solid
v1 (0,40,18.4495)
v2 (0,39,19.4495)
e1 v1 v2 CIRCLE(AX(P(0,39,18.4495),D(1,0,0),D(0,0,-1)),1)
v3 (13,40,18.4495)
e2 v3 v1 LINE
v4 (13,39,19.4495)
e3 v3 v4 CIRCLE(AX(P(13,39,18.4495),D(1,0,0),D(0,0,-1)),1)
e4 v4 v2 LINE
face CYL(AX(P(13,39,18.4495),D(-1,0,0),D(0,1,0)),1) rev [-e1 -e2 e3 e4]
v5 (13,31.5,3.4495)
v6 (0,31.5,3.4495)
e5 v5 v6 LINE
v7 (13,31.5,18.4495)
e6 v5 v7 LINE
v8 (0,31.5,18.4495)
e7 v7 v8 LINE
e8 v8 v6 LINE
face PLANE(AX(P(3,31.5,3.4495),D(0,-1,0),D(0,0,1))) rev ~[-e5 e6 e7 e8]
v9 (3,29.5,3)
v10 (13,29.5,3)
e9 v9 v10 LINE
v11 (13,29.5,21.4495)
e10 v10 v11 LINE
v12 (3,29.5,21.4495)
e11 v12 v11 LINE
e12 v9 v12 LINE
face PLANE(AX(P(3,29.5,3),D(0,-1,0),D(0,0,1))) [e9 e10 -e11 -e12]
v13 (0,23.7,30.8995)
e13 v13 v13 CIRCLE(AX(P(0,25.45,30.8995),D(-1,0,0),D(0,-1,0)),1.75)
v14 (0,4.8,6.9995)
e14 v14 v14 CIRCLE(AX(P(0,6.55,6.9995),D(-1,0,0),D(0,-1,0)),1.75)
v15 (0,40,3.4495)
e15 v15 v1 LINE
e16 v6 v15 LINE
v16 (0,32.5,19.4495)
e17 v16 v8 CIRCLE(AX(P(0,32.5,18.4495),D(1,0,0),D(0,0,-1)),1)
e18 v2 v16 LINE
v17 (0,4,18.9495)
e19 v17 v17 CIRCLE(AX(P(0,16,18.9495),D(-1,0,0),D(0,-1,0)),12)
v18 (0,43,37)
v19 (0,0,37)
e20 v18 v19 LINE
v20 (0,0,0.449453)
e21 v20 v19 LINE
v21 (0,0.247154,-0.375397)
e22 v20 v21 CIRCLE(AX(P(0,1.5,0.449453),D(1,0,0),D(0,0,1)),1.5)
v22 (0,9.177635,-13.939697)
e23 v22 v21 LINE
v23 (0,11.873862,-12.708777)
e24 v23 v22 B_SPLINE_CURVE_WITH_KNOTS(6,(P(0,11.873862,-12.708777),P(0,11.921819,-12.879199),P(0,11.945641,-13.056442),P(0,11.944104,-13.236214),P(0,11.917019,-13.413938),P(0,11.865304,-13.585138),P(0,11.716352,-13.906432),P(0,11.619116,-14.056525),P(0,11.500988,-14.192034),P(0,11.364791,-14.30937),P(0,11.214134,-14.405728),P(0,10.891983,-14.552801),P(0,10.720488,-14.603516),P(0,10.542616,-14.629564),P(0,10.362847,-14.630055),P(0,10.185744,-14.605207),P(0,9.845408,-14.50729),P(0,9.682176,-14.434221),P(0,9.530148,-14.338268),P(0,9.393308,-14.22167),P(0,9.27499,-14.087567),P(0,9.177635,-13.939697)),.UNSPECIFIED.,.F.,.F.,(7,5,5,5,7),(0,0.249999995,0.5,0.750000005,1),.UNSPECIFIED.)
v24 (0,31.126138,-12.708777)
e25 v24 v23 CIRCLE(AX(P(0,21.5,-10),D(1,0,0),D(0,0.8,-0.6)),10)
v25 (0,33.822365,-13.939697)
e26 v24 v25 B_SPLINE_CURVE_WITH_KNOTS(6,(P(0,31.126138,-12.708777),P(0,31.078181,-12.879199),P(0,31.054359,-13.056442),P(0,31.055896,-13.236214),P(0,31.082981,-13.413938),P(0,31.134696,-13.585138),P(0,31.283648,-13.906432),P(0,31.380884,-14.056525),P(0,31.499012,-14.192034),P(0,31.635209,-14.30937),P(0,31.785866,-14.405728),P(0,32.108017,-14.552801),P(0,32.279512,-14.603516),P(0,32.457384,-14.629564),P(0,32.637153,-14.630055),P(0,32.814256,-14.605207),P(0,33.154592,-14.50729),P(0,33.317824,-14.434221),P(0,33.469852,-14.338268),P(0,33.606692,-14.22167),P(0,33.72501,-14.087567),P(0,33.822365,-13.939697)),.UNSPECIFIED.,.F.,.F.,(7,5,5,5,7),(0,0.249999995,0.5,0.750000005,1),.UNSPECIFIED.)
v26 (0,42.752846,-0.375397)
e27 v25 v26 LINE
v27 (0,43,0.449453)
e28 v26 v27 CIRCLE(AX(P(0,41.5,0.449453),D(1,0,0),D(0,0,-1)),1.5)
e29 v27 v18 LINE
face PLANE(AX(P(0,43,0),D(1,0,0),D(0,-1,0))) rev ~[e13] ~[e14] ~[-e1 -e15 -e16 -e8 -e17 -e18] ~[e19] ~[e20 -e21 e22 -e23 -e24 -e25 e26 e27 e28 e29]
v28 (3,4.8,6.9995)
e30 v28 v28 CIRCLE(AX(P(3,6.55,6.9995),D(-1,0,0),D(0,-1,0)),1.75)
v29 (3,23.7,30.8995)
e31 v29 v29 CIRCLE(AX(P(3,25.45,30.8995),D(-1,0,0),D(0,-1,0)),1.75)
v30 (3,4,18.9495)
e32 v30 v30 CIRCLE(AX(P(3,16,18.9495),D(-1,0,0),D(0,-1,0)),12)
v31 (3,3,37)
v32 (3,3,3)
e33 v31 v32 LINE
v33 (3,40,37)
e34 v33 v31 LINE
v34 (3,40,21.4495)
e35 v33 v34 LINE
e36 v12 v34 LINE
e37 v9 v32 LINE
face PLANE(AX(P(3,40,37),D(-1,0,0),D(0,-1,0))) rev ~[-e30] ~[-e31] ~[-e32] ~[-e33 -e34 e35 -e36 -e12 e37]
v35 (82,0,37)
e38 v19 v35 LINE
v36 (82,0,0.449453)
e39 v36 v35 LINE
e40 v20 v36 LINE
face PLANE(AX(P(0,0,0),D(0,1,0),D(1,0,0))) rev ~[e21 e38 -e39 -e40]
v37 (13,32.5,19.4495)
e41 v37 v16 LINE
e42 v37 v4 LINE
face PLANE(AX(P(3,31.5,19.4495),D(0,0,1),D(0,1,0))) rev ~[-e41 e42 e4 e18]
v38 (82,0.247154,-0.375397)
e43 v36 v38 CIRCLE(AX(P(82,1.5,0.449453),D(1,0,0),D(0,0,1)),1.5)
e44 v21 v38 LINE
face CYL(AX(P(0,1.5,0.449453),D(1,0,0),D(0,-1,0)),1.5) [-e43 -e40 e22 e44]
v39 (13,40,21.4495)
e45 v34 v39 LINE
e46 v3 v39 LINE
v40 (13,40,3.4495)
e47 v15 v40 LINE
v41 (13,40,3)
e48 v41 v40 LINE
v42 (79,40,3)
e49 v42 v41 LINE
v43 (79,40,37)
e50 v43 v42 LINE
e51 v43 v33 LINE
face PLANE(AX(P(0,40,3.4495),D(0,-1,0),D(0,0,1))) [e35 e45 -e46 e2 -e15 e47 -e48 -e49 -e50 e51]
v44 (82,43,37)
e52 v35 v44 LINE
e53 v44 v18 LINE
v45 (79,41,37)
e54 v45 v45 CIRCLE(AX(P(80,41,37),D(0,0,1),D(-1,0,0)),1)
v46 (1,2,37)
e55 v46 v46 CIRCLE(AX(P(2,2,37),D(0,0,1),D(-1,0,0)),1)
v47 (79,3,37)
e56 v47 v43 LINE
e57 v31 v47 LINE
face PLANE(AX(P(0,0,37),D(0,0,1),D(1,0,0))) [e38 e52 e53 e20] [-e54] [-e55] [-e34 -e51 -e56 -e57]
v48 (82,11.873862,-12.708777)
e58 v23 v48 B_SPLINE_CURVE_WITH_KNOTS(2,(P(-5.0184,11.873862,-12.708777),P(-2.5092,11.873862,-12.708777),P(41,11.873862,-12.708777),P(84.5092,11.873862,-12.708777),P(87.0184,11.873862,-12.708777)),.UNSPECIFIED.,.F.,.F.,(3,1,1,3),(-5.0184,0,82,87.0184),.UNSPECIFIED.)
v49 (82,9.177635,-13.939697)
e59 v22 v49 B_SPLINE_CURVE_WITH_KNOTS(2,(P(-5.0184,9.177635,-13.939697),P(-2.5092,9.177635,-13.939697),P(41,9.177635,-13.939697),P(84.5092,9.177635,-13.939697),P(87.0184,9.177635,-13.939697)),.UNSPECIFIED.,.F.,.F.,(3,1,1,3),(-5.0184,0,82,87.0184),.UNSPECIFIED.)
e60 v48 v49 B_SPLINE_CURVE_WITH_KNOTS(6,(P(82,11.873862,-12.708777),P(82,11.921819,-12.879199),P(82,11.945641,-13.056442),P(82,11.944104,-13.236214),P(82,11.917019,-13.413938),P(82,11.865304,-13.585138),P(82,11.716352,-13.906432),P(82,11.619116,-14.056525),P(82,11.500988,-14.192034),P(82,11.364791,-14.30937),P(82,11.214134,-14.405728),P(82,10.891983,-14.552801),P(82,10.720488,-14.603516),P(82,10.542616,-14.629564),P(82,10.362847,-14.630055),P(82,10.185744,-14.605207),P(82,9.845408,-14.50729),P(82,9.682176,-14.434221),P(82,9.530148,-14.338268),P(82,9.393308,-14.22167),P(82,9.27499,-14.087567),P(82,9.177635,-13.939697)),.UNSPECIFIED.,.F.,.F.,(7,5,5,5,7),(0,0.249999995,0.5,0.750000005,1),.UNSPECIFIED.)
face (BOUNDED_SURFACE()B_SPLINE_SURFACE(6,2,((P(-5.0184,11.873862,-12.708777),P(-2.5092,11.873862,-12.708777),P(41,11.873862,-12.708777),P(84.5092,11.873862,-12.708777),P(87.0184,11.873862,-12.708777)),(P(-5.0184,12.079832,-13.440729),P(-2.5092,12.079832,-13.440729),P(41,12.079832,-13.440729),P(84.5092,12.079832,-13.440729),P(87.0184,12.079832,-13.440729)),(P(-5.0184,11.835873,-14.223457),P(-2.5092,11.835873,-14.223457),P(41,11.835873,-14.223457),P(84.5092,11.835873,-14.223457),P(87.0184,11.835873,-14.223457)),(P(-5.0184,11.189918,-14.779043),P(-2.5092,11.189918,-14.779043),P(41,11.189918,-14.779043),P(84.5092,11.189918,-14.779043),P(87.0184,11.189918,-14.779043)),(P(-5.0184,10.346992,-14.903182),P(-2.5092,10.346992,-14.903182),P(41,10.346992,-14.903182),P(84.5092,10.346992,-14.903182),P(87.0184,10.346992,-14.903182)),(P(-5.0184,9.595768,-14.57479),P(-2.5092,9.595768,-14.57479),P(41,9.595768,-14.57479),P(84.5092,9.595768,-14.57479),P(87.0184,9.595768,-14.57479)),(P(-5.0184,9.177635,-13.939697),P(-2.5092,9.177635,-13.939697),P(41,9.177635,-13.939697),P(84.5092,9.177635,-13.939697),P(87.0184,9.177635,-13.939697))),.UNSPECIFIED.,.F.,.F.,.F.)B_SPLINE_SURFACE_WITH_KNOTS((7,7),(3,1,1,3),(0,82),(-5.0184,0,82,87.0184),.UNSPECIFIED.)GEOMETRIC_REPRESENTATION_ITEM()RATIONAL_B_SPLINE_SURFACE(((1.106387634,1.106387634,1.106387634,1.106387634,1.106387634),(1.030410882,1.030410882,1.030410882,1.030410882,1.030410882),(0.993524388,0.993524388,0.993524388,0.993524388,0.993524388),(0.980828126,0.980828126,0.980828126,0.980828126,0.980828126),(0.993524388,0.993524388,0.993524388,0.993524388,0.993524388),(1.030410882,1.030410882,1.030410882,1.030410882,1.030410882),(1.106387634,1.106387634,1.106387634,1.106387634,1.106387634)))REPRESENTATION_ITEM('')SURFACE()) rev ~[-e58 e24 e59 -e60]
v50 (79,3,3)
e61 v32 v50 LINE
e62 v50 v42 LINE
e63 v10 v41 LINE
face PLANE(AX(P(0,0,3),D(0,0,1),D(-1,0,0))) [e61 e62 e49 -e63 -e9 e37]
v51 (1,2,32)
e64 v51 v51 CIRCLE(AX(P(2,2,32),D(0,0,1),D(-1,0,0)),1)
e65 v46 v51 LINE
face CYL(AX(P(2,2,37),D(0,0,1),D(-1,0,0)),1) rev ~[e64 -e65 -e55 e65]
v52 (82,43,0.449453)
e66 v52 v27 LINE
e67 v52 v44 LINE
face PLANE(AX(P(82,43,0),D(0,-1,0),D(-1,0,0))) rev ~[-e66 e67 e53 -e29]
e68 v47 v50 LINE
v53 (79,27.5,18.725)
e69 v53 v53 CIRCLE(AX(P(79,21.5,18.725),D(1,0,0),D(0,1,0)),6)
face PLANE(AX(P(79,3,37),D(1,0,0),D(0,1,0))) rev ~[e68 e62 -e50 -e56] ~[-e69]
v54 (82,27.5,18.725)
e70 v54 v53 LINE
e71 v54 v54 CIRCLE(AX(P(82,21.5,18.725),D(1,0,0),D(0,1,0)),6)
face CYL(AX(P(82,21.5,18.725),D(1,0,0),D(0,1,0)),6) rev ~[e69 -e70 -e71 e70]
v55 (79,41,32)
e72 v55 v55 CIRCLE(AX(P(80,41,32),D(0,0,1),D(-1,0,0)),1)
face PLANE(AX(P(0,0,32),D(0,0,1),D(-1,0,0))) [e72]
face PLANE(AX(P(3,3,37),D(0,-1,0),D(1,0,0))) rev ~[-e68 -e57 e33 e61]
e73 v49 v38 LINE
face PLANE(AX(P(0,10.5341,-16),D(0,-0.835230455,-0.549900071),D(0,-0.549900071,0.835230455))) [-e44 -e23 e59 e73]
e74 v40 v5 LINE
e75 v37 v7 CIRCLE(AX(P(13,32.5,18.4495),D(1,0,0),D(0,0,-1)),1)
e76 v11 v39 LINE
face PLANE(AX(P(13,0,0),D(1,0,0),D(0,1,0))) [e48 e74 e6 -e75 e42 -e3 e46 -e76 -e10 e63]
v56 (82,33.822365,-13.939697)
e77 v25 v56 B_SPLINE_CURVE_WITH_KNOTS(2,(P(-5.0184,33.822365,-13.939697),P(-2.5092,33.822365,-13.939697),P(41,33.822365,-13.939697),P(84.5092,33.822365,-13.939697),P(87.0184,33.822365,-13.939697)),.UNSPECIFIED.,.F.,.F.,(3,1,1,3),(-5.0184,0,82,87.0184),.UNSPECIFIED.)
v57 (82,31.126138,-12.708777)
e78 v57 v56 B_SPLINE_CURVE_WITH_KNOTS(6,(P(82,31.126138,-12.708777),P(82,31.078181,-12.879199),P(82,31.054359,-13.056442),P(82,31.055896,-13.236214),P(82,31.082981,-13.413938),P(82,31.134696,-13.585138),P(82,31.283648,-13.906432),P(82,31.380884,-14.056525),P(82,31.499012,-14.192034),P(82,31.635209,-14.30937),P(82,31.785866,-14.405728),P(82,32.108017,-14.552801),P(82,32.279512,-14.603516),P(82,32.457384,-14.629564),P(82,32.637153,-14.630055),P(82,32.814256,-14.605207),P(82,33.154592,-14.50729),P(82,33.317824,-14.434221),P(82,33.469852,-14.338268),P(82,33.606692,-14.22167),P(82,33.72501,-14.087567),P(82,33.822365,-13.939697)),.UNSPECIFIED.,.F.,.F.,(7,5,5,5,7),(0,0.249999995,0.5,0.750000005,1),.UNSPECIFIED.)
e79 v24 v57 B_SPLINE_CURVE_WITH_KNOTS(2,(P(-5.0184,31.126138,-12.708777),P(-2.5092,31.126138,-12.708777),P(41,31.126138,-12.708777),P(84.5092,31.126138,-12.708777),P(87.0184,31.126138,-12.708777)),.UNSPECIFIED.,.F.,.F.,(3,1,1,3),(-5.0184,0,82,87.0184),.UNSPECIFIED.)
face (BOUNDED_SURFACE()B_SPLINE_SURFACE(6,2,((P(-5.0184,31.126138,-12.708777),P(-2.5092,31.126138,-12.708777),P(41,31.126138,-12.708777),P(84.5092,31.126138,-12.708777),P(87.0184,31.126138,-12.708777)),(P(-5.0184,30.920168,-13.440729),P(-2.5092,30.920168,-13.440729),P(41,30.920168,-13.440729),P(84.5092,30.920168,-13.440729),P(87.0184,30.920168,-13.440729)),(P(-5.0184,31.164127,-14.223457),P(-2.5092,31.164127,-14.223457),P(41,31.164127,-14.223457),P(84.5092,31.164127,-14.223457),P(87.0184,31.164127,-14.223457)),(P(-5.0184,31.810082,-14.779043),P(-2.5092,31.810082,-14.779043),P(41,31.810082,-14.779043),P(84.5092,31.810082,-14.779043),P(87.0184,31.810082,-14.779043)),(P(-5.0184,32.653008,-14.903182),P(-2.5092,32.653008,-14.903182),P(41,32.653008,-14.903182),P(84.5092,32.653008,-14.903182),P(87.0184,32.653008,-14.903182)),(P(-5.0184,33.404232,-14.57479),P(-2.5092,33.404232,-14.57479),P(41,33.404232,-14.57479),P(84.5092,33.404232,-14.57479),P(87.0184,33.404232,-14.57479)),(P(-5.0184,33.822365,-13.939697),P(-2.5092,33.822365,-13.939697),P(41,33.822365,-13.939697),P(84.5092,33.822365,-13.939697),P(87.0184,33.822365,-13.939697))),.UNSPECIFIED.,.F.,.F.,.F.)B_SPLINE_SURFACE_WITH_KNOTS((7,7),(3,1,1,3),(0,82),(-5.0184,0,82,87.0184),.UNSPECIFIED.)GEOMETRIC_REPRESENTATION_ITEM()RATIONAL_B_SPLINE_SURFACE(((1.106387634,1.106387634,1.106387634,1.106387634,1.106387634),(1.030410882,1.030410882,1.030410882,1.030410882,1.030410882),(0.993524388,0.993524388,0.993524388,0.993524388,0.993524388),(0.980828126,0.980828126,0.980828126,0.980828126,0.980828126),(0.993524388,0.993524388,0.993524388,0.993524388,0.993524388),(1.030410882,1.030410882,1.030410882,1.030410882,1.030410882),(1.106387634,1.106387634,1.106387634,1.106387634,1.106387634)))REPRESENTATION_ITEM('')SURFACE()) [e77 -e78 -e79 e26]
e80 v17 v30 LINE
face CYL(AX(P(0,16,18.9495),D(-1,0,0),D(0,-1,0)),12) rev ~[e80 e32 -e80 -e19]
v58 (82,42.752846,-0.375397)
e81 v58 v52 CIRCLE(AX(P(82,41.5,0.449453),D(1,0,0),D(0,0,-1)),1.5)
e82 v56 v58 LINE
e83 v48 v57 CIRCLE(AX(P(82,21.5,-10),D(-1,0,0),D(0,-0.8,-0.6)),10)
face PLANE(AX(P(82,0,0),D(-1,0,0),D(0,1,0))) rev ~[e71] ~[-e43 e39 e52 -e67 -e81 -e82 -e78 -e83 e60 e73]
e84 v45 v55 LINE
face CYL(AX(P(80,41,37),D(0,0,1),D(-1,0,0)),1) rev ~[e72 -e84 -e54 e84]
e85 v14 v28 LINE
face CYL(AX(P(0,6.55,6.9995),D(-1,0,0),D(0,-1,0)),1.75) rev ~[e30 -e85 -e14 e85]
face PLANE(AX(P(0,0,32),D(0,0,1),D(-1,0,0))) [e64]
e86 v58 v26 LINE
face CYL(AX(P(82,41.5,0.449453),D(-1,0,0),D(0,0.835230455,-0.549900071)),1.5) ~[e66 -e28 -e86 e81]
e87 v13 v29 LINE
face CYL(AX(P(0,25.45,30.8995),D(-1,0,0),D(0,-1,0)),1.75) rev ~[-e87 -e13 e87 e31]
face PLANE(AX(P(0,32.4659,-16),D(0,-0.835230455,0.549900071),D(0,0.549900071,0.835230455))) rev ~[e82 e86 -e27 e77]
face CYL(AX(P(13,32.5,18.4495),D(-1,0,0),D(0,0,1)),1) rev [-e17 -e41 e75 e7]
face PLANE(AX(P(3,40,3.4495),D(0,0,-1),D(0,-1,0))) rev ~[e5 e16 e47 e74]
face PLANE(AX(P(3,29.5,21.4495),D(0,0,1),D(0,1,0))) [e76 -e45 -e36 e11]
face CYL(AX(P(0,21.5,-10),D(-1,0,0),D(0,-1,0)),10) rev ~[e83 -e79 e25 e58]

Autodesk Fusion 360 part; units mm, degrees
sketch "Sketch1" plane through (0, 0, 0) normal (0, 0, 1) x (1, 0, 0)
  line L0 (0, 0) -> (82, 0)
  line L1 (82, 0) -> (82, 43)
  line L2 (82, 43) -> (0, 43)
  line L3 (0, 43) -> (0, 0)
  dimension "d1" = 82
  dimension "d2" = 43
extrude "Extrude1" add sketch "Sketch1" along normal blind 37
sketch "Sketch2" plane through (0, 0, 37) normal (0, 0, 1) x (-1, 0, 0)
  line L0 (0, -43) -> (0, 0)
  line L1 (0, 0) -> (-82, 0)
  line L2 (-82, 0) -> (-82, -43)
  line L3 (-82, -43) -> (0, -43)
  line L4 (-3, -3) -> (-79, -3)
  line L5 (-79, -3) -> (-79, -40)
  line L6 (-79, -40) -> (-3, -40)
  line L7 (-3, -40) -> (-3, -3)
  dimension "d5" = 3
  dimension "d6" = 3
  dimension "d7" = 3
  dimension "d8" = 3
extrude "Extrude2" cut sketch "Sketch2" against normal blind 34 contours L4 L5 L6 L7
sketch "Sketch3" plane through (0, 0, 0) normal (-1, 0, 0) x (0, -1, 0)
  line L0 (-43, 0) -> (0, 0)
  line L1 (0, 0) -> (0, 37)
  line L2 (0, 37) -> (-43, 37)
  line L3 (-43, 37) -> (-43, 0)
  circle A0 centre (-21.5, -10) radius 10
  circle A1 centre (-21.5, -10) radius 12.5
  line L4 (-46.7088, -16) -> (3.2912, -16)
  line L5 (-32.4659, -16) -> (-43, 0)
  line L6 (-10.5341, -16) -> (0, 0)
  dimension "d11" = 20
  dimension "d12" = 25
  dimension "d13" = 10
  dimension "d14" = 21.5
  dimension "d16" = 16
extrude "Extrude3" add sketch "Sketch3" against normal blind 82 contours L0 A1 L5 | L0 A0 A1 L4 | L0 A0 A1 L4 | L0 A1 L6
fillet "Fillet1" radius 1.5 6 edges at (41, 13.5, -16) (41, 29.5, -16) (41, 32.4659, -16) (41, 10.5341, -16) (41, 43, 0) (41, 0, 0)
sketch "Sketch4" plane through (0, 0, 0) normal (-1, 0, 0) x (0, -1, 0)
  arc A0 (-0.2472, -0.3754) -> (0, 0.4495) centre (-1.5, 0.4495) ccw
  line L0 (0, 0.4495) -> (0, 37)
  line L1 (0, 37) -> (-43, 37)
  line L2 (-43, 37) -> (-43, 0.4495)
  arc A1 (-43, 0.4495) -> (-42.7528, -0.3754) centre (-41.5, 0.4495) ccw
  line L3 (-42.7528, -0.3754) -> (-33.8235, -13.938)
  arc A2 (-33.8235, -13.938) -> (-31.1266, -12.7071) centre (-32.5706, -13.1131) ccw
  arc A3 (-11.8734, -12.7071) -> (-31.1266, -12.7071) centre (-21.5, -10) ccw
  arc A4 (-11.8734, -12.7071) -> (-9.1765, -13.938) centre (-10.4294, -13.1131) ccw
  line L4 (-9.1765, -13.938) -> (-0.2472, -0.3754)
  line L5 (-29, 34.4495) -> (-3, 34.4495)
  line L6 (-3, 34.4495) -> (-3, 3.4495)
  line L7 (-3, 3.4495) -> (-29, 3.4495)
  line L8 (-29, 3.4495) -> (-29, 34.4495)
  circle A5 centre (-16, 18.9495) radius 12
  circle A6 centre (-25.45, 30.8995) radius 1.75
  circle A7 centre (-6.55, 6.9995) radius 1.75
  line L9 (0, 0.4495) -> (-43, 0.4495)
  line L10 (-31.5, 3.4495) -> (-40, 3.4495)
  line L11 (-40, 3.4495) -> (-40, 19.4495)
  line L12 (-40, 19.4495) -> (-31.5, 19.4495)
  line L13 (-31.5, 19.4495) -> (-31.5, 3.4495)
  dimension "d21" = 24
  dimension "d22" = 31
  dimension "d23" = 26
  dimension "d24" = 13
  dimension "d25" = 15.5
  dimension "d26" = 3.5
  dimension "d27" = 3.5
  dimension "d28" = 3.55
  dimension "d29" = 3.55
  dimension "d30" = 3.55
  dimension "d31" = 3.55
  dimension "d32" = 3
  dimension "d33" = 3
  dimension "d34" = 16
  dimension "d35" = 8.5
  dimension "d36" = 3
  dimension "d37" = 3
extrude "Extrude4" cut sketch "Sketch4" against normal blind 3 contours A5 | A6 | A7 | L10 L11 L12 L13
sketch "Sketch5" plane through (3, 0, 0) normal (1, 0, 0) x (0, 1, 0)
  line L0 (40, 3.4495) -> (31.5, 3.4495)
  line L1 (31.5, 3.4495) -> (31.5, 19.4495)
  line L2 (31.5, 19.4495) -> (40, 19.4495)
  line L3 (40, 19.4495) -> (40, 37)
  line L4 (40, 37) -> (3, 37)
  line L5 (3, 37) -> (3, 3)
  line L6 (3, 3) -> (40, 3)
  line L7 (40, 3) -> (40, 3.4495)
  circle A0 centre (16, 18.9495) radius 12
  circle A1 centre (6.55, 6.9995) radius 1.75
  circle A2 centre (25.45, 30.8995) radius 1.75
  line L8 (40, 3) -> (29.5, 3)
  line L9 (29.5, 3) -> (29.5, 21.4495)
  line L10 (29.5, 21.4495) -> (40, 21.4495)
  line L11 (40, 21.4495) -> (40, 3)
  dimension "d40" = 2
  dimension "d41" = 2
extrude "Extrude5" add sketch "Sketch5" along normal blind 10 contours L0 L1 L2 L3 L6 L7 L8 L9 L10 L11
fillet "Fillet2" radius 1 2 edges at (6.5, 31.5, 19.4495) (6.5, 40, 19.4495)
sketch "Sketch6" plane through (82, 0, 0) normal (1, 0, 0) x (0, 1, 0)
  arc A0 (0, 0.4495) -> (0.2472, -0.3754) centre (1.5, 0.4495) ccw
  line L0 (0.2472, -0.3754) -> (9.1765, -13.938)
  arc A1 (9.1765, -13.938) -> (11.8734, -12.7071) centre (10.4294, -13.1131) ccw
  arc A2 (31.1266, -12.7071) -> (11.8734, -12.7071) centre (21.5, -10) ccw
  arc A3 (31.1266, -12.7071) -> (33.8235, -13.938) centre (32.5706, -13.1131) ccw
  line L1 (33.8235, -13.938) -> (42.7528, -0.3754)
  arc A4 (42.7528, -0.3754) -> (43, 0.4495) centre (41.5, 0.4495) ccw
  line L2 (43, 0.4495) -> (43, 37)
  line L3 (43, 37) -> (0, 37)
  line L4 (0, 37) -> (0, 0.4495)
  circle A5 centre (21.5, 18.725) radius 6
  dimension "d46" = 21.5
  dimension "d47" = 36.5505
  dimension "d48" = 18.275
  dimension "d49" = 12
extrude "Extrude6" cut sketch "Sketch6" against normal blind 3 contours A5
sketch "Sketch7" plane through (0, 0, 37) normal (0, 0, 1) x (-1, 0, 0)
  line L0 (-79, -3) -> (-3, -3)
  line L1 (-3, -3) -> (-3, -40)
  line L2 (-3, -40) -> (-79, -40)
  line L3 (-79, -40) -> (-79, -3)
  line L4 (0, -43) -> (0, 0)
  line L5 (0, 0) -> (-82, 0)
  line L6 (-82, 0) -> (-82, -43)
  line L7 (-82, -43) -> (0, -43)
  circle A0 centre (-2, -2) radius 1
  circle A1 centre (-80, -41) radius 1
  dimension "d52" = 2
  dimension "d53" = 2
  dimension "d54" = 2
  dimension "d55" = 2
  dimension "d56" = 2
  dimension "d57" = 2
extrude "Extrude7" cut sketch "Sketch7" against normal blind 5 contours A0 | A1
equation "d14 = ( 43 / 2 ) * 1 mm"
equation "d24 = ( 26 / 2 ) * 1 mm"
equation "d25 = ( 31 / 2 ) * 1 mm"
equation "d46 = ( 43 / 2 ) * 1 mm"
equation "d48 = ( 36.55 / 2 ) * 1 mm"
